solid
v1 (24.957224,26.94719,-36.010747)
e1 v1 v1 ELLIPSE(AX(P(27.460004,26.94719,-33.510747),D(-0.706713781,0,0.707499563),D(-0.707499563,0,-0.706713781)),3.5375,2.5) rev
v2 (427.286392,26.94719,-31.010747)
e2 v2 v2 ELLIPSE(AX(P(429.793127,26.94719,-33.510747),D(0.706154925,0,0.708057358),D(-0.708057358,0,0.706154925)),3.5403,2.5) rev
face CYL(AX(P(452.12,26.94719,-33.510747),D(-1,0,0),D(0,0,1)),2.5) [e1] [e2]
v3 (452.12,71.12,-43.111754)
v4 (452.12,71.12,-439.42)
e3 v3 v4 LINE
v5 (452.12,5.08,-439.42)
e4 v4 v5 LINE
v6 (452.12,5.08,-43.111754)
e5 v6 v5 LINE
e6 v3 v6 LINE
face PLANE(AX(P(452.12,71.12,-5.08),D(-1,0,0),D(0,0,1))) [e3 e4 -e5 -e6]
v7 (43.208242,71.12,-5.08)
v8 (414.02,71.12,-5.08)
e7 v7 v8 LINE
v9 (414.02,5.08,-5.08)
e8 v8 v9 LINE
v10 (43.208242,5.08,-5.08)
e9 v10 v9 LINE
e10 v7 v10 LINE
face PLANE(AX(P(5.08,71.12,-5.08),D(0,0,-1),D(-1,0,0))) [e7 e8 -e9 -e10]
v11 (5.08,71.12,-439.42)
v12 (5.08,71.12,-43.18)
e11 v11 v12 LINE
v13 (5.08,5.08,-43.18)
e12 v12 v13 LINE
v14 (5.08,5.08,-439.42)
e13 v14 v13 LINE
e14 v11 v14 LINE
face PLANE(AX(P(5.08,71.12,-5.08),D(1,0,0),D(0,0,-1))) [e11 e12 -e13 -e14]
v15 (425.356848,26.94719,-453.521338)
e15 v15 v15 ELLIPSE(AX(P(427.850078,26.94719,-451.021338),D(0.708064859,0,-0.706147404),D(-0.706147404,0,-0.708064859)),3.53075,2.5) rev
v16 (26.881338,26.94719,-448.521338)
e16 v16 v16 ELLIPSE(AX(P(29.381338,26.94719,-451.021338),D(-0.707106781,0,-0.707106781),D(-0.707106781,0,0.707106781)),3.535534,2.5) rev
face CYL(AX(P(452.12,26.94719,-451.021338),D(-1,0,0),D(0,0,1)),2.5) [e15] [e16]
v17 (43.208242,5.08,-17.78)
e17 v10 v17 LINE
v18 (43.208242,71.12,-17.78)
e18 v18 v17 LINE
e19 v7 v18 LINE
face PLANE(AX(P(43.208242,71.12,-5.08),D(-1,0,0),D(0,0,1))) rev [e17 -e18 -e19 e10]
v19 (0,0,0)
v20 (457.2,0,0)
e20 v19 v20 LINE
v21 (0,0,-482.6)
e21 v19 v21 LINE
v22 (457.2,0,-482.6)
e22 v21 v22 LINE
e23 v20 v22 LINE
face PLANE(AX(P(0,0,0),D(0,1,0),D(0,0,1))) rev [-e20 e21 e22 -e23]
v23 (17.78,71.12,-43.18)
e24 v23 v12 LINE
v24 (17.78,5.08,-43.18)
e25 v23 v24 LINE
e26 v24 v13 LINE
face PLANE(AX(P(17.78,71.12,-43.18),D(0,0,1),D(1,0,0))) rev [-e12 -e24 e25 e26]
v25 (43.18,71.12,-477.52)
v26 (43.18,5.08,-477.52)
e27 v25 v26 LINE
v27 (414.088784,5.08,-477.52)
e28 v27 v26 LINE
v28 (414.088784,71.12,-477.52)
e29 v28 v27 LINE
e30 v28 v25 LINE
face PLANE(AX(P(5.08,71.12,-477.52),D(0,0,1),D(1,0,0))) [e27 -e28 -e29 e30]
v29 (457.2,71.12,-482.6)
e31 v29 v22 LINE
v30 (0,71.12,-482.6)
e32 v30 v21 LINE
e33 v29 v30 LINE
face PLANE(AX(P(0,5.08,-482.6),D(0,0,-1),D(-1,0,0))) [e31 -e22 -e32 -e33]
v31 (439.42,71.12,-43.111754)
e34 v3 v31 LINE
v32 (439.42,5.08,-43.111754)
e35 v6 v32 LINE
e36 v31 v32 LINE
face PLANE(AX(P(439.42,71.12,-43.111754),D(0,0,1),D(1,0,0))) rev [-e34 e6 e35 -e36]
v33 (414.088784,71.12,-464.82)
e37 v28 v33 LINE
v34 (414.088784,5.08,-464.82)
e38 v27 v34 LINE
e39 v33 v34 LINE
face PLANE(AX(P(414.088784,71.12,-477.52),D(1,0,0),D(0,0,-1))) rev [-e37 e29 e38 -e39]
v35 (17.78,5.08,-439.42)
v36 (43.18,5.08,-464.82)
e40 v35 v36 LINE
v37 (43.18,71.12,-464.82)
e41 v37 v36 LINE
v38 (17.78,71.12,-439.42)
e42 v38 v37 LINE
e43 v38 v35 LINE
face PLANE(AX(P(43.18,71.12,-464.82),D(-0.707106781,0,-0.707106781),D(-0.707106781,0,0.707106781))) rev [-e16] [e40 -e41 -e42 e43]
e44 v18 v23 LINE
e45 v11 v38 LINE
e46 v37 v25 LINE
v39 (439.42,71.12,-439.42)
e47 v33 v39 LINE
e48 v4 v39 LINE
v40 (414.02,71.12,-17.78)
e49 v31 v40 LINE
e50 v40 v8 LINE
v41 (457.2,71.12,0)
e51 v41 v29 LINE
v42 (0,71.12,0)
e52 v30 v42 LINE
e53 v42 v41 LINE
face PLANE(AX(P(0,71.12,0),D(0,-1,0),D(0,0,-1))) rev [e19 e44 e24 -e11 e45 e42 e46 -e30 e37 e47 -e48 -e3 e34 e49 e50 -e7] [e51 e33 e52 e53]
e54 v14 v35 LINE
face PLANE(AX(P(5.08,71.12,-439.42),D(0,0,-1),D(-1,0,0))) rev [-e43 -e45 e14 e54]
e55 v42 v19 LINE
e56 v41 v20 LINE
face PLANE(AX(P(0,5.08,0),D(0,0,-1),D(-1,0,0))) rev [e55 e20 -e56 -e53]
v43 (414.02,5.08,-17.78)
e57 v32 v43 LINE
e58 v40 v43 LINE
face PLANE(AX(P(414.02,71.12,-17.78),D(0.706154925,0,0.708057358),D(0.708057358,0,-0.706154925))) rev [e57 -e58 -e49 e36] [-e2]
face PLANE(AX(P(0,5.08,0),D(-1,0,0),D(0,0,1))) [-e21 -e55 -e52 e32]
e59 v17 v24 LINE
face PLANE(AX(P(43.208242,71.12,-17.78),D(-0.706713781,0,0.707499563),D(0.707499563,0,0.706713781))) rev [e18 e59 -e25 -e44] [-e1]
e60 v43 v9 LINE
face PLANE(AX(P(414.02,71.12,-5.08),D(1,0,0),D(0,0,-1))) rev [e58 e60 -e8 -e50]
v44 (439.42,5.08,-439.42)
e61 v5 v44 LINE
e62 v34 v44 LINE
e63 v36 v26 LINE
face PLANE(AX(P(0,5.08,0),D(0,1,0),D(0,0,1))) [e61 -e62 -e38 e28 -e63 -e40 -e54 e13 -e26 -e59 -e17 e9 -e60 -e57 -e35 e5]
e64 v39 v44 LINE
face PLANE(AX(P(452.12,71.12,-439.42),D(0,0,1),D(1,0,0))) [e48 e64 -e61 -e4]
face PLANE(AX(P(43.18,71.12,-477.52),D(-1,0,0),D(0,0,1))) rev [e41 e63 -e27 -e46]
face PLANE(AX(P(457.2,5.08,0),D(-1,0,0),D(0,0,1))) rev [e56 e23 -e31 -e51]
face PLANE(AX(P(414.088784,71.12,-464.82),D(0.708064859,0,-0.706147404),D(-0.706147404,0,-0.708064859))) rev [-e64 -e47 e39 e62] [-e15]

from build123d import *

# Parameters (mm, degrees)
SKETCH3_W            = 457.2
SKETCH3_H            = 482.6
BOSS_EXTRUDE2_DEPTH  = 5.08
SKETCH4_W            = 457.2
SKETCH4_H            = 482.6
SKETCH4_W_2          = 447.04
SKETCH4_H_2          = 472.44
BOSS_EXTRUDE3_DEPTH  = 66.04
BOSS_EXTRUDE4_DEPTH  = 66.04
BOSS_EXTRUDE5_DEPTH  = 66.04
BOSS_EXTRUDE6_DEPTH  = 66.04
BOSS_EXTRUDE7_DEPTH  = 66.04
SKETCH13_R           = 2.5
BOSS_EXTRUDE11_DEPTH = 447.04


with BuildPart() as part:
    # Sketch3 → Boss-Extrude2 (new body)
    with BuildSketch(Plane(origin=(0, 0, 0), x_dir=(1, 0, 0), z_dir=(0, 1, 0))):
        with Locations((228.6, 241.3)):
            Rectangle(SKETCH3_W, SKETCH3_H)
    extrude(amount=BOSS_EXTRUDE2_DEPTH)

    # Sketch4 → Boss-Extrude3 (add)
    with BuildSketch(Plane(origin=(0, 5.08, 0), x_dir=(1, 0, 0), z_dir=(0, 1, 0))):
        with Locations((228.6, 241.3)):
            Rectangle(SKETCH4_W, SKETCH4_H)
        with Locations((228.6, 241.3)):
            Rectangle(SKETCH4_W_2, SKETCH4_H_2, mode=Mode.SUBTRACT)
    extrude(amount=BOSS_EXTRUDE3_DEPTH)

    # Sketch5 → Boss-Extrude4 (add)
    with BuildSketch(Plane(origin=(0, 5.08, 0), x_dir=(1, 0, 0), z_dir=(0, 1, 0))):
        Polygon((5.08, 5.08), (43.208241799, 5.08), (43.208241799, 17.78), (17.78, 43.18), (5.08, 43.18), align=None)
    extrude(amount=BOSS_EXTRUDE4_DEPTH)

    # Sketch6 → Boss-Extrude5 (add)
    with BuildSketch(Plane(origin=(0, 5.08, 0), x_dir=(1, 0, 0), z_dir=(0, 1, 0))):
        Polygon((452.12, 5.08), (414.02, 5.08), (414.02, 17.78), (439.42, 43.111754401), (452.12, 43.111754401), align=None)
    extrude(amount=BOSS_EXTRUDE5_DEPTH)

    # Sketch7 → Boss-Extrude6 (add)
    with BuildSketch(Plane(origin=(0, 5.08, 0), x_dir=(1, 0, 0), z_dir=(0, 1, 0))):
        Polygon((452.12, 477.52), (452.12, 439.42), (439.42, 439.42), (414.088783751, 464.82), (414.088783751, 477.52), align=None)
    extrude(amount=BOSS_EXTRUDE6_DEPTH)

    # Sketch8 → Boss-Extrude7 (add)
    with BuildSketch(Plane(origin=(0, 5.08, 0), x_dir=(1, 0, 0), z_dir=(0, 1, 0))):
        Polygon((5.08, 477.52), (5.08, 439.42), (17.78, 439.42), (43.18, 464.82), (43.18, 477.52), align=None)
    extrude(amount=BOSS_EXTRUDE7_DEPTH)

    # Sketch13 → Boss-Extrude11 (add)
    with BuildSketch(Plane(origin=(5.08, 0, 0), x_dir=(0, 0, -1), z_dir=(1, 0, 0))):
        with Locations(Location((33.510747134, 26.94718976, 0), (0, 0, 180))):
            Circle(SKETCH13_R)
        with Locations(Location((451.021338275, 26.94718976, 0), (0, 0, 180))):
            Circle(SKETCH13_R)
    extrude(amount=BOSS_EXTRUDE11_DEPTH)


solid = part.part
